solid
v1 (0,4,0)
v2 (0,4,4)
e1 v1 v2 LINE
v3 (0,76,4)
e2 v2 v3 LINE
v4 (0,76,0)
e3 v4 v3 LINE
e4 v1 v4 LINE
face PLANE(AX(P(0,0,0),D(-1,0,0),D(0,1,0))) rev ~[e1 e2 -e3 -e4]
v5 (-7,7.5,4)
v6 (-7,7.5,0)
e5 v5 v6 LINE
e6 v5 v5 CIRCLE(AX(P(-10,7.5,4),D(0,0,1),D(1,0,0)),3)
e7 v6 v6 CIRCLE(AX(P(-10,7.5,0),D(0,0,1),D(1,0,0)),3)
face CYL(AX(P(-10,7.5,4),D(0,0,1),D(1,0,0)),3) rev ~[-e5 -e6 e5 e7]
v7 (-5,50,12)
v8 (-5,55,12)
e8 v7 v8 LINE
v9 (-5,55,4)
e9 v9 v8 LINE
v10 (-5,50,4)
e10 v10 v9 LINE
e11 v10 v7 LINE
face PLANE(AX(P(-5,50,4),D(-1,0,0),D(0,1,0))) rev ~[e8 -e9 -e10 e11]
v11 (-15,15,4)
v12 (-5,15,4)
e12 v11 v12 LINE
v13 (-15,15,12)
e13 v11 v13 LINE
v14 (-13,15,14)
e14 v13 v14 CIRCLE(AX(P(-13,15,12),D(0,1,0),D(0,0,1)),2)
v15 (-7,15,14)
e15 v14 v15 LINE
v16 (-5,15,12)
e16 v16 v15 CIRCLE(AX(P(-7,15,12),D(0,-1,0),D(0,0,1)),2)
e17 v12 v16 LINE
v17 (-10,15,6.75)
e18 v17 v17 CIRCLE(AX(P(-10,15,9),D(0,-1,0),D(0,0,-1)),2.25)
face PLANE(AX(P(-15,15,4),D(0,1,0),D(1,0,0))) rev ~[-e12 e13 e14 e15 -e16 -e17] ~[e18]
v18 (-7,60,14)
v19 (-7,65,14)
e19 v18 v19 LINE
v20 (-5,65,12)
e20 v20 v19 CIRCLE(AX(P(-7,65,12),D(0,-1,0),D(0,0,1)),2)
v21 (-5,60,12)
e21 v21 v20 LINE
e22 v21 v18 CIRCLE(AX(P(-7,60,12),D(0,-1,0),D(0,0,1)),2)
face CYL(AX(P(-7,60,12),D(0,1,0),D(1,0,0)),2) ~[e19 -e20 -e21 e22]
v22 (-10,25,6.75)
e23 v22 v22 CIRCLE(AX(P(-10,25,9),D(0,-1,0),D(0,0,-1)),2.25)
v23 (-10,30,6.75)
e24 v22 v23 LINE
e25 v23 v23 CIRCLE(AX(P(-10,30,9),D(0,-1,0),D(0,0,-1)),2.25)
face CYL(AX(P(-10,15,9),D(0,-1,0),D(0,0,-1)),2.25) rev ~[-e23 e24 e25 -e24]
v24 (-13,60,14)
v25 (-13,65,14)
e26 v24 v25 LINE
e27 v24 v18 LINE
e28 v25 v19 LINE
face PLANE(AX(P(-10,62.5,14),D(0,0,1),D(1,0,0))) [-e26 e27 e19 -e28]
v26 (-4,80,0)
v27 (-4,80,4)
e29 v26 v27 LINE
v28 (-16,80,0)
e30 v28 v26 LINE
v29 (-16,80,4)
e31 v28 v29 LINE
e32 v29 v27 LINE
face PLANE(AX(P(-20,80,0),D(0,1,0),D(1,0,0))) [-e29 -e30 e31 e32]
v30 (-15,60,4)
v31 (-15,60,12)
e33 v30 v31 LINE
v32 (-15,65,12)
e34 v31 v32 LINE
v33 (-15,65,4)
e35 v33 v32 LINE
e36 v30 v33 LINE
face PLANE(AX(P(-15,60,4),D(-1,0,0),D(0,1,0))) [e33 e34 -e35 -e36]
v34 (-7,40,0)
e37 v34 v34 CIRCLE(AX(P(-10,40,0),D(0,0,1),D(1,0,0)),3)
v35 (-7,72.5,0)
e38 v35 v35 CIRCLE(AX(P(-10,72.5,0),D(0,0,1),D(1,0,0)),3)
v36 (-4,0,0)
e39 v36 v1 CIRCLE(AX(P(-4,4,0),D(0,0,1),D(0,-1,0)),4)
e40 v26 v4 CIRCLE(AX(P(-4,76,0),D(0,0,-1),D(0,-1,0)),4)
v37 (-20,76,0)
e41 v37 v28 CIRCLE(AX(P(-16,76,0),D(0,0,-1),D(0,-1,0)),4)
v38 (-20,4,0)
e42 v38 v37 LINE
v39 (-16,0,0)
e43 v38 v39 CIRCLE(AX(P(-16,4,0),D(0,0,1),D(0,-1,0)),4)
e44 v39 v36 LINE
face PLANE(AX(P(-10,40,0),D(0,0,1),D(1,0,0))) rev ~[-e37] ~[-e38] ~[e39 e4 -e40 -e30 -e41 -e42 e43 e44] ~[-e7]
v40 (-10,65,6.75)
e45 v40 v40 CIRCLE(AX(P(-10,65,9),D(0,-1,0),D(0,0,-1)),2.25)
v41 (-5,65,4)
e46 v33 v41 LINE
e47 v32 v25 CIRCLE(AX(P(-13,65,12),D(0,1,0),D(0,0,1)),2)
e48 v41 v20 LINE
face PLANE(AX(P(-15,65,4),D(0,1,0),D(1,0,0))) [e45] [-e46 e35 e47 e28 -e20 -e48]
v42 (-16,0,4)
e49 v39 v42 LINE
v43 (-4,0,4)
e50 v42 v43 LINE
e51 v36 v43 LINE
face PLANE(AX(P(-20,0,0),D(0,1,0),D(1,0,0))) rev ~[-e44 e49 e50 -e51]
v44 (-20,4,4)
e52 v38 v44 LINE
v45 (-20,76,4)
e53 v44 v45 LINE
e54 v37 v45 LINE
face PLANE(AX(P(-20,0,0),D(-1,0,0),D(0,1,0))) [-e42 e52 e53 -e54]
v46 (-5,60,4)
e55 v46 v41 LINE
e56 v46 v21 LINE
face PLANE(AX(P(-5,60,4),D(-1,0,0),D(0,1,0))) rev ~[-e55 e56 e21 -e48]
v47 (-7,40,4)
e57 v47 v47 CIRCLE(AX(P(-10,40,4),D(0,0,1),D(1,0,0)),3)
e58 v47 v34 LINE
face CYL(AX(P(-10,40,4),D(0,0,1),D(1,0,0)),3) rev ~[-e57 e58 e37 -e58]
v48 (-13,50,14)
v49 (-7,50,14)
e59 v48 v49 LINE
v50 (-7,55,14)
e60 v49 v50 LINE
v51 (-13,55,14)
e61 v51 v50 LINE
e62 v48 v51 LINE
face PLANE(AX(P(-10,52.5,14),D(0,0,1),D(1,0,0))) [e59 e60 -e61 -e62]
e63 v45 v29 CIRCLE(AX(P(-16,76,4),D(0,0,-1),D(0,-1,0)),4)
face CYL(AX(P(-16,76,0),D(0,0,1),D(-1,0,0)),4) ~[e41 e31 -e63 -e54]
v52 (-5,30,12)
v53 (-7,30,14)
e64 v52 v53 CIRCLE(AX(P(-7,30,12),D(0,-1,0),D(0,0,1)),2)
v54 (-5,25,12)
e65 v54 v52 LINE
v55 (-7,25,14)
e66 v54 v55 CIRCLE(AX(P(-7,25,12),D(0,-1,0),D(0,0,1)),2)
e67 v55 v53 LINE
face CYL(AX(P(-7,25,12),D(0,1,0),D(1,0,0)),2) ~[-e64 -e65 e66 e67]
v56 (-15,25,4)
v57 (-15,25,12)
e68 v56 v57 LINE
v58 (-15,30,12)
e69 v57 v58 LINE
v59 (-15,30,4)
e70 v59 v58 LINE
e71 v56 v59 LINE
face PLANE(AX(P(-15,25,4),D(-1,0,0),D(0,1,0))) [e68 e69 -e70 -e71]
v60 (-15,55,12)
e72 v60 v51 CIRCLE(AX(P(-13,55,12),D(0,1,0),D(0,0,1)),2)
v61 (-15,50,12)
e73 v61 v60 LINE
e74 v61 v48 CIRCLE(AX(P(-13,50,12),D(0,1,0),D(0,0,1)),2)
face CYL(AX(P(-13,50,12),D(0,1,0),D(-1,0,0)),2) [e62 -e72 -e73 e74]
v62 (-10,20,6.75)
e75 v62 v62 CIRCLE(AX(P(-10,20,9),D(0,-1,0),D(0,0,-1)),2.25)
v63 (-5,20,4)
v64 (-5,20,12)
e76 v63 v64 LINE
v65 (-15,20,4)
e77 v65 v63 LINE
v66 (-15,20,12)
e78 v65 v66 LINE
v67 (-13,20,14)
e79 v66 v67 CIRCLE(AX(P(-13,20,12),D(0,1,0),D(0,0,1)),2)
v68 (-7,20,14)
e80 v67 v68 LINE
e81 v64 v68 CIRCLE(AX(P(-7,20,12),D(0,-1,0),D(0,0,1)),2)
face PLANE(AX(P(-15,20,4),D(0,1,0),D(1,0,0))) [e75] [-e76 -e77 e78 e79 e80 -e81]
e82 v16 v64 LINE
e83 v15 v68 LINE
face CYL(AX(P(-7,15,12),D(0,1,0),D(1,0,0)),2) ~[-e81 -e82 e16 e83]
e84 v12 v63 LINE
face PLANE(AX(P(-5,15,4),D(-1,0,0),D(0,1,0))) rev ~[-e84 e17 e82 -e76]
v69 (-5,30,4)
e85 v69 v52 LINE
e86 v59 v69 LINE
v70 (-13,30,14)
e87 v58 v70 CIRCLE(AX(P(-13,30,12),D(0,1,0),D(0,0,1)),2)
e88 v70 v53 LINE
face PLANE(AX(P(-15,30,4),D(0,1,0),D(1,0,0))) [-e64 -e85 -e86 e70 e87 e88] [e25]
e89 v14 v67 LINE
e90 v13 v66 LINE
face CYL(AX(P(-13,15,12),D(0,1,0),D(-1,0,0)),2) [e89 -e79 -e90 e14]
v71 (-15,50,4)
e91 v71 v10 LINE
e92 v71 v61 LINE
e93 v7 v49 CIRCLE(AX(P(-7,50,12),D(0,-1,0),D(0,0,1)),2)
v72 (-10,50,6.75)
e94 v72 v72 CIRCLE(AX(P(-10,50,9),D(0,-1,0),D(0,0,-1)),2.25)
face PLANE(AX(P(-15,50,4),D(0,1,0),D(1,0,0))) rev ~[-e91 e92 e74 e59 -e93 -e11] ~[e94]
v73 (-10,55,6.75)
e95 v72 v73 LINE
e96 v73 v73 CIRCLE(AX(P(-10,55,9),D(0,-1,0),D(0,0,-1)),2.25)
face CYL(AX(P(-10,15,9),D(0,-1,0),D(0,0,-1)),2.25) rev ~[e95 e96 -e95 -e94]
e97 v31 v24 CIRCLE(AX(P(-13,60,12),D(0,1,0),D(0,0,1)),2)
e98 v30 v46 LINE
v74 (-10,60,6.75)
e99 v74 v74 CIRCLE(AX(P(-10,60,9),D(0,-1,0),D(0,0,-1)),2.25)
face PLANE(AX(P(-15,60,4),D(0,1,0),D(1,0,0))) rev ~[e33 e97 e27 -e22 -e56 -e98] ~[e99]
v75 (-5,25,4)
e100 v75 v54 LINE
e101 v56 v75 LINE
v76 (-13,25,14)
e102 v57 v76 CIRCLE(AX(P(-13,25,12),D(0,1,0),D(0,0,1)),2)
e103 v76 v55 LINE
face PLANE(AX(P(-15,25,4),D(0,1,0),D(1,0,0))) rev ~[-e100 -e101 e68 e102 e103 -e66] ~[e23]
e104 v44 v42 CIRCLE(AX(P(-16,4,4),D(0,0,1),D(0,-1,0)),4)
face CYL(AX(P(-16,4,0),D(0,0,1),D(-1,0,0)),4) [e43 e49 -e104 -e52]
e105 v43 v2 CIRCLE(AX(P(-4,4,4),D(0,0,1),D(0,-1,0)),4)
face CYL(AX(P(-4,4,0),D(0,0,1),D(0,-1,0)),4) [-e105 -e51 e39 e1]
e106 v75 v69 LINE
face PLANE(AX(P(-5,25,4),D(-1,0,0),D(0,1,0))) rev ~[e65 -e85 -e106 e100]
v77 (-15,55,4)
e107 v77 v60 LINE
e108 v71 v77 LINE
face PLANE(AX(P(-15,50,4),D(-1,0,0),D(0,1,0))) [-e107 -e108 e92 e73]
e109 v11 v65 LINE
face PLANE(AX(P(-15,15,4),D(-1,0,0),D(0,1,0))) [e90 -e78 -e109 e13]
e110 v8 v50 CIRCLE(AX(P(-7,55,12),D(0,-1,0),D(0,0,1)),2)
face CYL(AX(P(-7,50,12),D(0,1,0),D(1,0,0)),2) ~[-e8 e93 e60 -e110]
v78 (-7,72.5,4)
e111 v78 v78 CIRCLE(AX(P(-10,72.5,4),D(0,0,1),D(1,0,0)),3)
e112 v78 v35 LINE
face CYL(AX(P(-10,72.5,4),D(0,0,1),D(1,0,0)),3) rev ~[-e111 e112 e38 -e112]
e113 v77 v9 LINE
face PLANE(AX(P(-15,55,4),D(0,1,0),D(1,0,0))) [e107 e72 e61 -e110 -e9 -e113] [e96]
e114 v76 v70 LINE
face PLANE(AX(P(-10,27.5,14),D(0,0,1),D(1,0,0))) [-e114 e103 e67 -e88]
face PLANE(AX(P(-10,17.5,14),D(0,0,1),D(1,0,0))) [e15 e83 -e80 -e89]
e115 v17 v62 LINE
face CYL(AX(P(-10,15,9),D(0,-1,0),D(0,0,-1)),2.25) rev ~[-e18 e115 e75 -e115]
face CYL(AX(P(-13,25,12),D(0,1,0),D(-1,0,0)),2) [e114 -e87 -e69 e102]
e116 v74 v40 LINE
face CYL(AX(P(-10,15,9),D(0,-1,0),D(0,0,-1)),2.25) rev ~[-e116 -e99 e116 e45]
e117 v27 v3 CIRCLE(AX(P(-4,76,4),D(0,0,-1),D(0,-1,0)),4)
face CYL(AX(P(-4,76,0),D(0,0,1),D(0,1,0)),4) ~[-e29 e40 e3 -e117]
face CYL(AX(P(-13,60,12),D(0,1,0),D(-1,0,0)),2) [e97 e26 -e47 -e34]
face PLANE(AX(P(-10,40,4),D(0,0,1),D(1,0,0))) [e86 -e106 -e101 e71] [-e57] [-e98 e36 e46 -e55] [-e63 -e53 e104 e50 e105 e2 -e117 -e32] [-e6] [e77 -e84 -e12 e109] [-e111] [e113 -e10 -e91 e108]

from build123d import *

# Parameters (mm, degrees)
ESQUISSE1_W             = 20
ESQUISSE1_H             = 80
BOSS_EXTRU_1_DEPTH      = 4
ESQUISSE2_W             = 10
ESQUISSE2_H             = 5
BOSS_EXTRU_2_DEPTH      = 10
ESQUISSE3_R             = 2.25
ENL_V_MAT_EXTRU_1_DEPTH = 66
CONG_1_R                = 2
CONG_2_R                = 4
ESQUISSE4_R             = 3
ENL_V_MAT_EXTRU_2_DEPTH = 5


with BuildPart() as part:
    # Esquisse1 → Boss.-Extru.1 (new body)
    with BuildSketch(Plane.XY):
        with Locations((-10, 40)):
            Rectangle(ESQUISSE1_W, ESQUISSE1_H)
    extrude(amount=BOSS_EXTRU_1_DEPTH)

    # Esquisse2 → Boss.-Extru.2 (add)
    with BuildSketch(Plane.XY.offset(4)):
        with Locations((-10, 62.5)):
            Rectangle(ESQUISSE2_W, ESQUISSE2_H)
        with Locations((-10, 52.5)):
            Rectangle(ESQUISSE2_W, ESQUISSE2_H)
        with Locations((-10, 27.5)):
            Rectangle(ESQUISSE2_W, ESQUISSE2_H)
        with Locations((-10, 17.5)):
            Rectangle(ESQUISSE2_W, ESQUISSE2_H)
    extrude(amount=BOSS_EXTRU_2_DEPTH)

    # Esquisse3 → Enlèv. mat.-Extru.1 (cut, through all)
    with BuildSketch(Plane.XZ.offset(-15)):
        with Locations(Location((-10, 9, 0), (0, 0, 270))):  # turned: the seam where the file's is
            Circle(ESQUISSE3_R)
    extrude(amount=-ENL_V_MAT_EXTRU_1_DEPTH, mode=Mode.SUBTRACT)

    # Congé1
    cong_1_edges = [part.edges().sort_by_distance(p)[0] for p in [
        (-15, 62.5, 14),
        (-5, 62.5, 14),
        (-15, 52.5, 14),
        (-5, 52.5, 14),
        (-15, 27.5, 14),
        (-5, 27.5, 14),
        (-15, 17.5, 14),
        (-5, 17.5, 14),
    ]]
    fillet(cong_1_edges, radius=CONG_1_R)

    # Congé2
    cong_2_edges = [part.edges().sort_by_distance(p)[0] for p in [
        (-20, 80, 2),
        (0, 80, 2),
        (0, 0, 2),
        (-20, 0, 2),
    ]]
    fillet(cong_2_edges, radius=CONG_2_R)

    # Esquisse4 → Enlèv. mat.-Extru.2 (cut, through all)
    with BuildSketch(Plane.XY.offset(4)):
        with Locations((-10, 7.5)):
            Circle(ESQUISSE4_R)
        with Locations((-10, 72.5)):
            Circle(ESQUISSE4_R)
        with Locations((-10, 40)):
            Circle(ESQUISSE4_R)
    extrude(amount=-ENL_V_MAT_EXTRU_2_DEPTH, mode=Mode.SUBTRACT)


solid = part.part
